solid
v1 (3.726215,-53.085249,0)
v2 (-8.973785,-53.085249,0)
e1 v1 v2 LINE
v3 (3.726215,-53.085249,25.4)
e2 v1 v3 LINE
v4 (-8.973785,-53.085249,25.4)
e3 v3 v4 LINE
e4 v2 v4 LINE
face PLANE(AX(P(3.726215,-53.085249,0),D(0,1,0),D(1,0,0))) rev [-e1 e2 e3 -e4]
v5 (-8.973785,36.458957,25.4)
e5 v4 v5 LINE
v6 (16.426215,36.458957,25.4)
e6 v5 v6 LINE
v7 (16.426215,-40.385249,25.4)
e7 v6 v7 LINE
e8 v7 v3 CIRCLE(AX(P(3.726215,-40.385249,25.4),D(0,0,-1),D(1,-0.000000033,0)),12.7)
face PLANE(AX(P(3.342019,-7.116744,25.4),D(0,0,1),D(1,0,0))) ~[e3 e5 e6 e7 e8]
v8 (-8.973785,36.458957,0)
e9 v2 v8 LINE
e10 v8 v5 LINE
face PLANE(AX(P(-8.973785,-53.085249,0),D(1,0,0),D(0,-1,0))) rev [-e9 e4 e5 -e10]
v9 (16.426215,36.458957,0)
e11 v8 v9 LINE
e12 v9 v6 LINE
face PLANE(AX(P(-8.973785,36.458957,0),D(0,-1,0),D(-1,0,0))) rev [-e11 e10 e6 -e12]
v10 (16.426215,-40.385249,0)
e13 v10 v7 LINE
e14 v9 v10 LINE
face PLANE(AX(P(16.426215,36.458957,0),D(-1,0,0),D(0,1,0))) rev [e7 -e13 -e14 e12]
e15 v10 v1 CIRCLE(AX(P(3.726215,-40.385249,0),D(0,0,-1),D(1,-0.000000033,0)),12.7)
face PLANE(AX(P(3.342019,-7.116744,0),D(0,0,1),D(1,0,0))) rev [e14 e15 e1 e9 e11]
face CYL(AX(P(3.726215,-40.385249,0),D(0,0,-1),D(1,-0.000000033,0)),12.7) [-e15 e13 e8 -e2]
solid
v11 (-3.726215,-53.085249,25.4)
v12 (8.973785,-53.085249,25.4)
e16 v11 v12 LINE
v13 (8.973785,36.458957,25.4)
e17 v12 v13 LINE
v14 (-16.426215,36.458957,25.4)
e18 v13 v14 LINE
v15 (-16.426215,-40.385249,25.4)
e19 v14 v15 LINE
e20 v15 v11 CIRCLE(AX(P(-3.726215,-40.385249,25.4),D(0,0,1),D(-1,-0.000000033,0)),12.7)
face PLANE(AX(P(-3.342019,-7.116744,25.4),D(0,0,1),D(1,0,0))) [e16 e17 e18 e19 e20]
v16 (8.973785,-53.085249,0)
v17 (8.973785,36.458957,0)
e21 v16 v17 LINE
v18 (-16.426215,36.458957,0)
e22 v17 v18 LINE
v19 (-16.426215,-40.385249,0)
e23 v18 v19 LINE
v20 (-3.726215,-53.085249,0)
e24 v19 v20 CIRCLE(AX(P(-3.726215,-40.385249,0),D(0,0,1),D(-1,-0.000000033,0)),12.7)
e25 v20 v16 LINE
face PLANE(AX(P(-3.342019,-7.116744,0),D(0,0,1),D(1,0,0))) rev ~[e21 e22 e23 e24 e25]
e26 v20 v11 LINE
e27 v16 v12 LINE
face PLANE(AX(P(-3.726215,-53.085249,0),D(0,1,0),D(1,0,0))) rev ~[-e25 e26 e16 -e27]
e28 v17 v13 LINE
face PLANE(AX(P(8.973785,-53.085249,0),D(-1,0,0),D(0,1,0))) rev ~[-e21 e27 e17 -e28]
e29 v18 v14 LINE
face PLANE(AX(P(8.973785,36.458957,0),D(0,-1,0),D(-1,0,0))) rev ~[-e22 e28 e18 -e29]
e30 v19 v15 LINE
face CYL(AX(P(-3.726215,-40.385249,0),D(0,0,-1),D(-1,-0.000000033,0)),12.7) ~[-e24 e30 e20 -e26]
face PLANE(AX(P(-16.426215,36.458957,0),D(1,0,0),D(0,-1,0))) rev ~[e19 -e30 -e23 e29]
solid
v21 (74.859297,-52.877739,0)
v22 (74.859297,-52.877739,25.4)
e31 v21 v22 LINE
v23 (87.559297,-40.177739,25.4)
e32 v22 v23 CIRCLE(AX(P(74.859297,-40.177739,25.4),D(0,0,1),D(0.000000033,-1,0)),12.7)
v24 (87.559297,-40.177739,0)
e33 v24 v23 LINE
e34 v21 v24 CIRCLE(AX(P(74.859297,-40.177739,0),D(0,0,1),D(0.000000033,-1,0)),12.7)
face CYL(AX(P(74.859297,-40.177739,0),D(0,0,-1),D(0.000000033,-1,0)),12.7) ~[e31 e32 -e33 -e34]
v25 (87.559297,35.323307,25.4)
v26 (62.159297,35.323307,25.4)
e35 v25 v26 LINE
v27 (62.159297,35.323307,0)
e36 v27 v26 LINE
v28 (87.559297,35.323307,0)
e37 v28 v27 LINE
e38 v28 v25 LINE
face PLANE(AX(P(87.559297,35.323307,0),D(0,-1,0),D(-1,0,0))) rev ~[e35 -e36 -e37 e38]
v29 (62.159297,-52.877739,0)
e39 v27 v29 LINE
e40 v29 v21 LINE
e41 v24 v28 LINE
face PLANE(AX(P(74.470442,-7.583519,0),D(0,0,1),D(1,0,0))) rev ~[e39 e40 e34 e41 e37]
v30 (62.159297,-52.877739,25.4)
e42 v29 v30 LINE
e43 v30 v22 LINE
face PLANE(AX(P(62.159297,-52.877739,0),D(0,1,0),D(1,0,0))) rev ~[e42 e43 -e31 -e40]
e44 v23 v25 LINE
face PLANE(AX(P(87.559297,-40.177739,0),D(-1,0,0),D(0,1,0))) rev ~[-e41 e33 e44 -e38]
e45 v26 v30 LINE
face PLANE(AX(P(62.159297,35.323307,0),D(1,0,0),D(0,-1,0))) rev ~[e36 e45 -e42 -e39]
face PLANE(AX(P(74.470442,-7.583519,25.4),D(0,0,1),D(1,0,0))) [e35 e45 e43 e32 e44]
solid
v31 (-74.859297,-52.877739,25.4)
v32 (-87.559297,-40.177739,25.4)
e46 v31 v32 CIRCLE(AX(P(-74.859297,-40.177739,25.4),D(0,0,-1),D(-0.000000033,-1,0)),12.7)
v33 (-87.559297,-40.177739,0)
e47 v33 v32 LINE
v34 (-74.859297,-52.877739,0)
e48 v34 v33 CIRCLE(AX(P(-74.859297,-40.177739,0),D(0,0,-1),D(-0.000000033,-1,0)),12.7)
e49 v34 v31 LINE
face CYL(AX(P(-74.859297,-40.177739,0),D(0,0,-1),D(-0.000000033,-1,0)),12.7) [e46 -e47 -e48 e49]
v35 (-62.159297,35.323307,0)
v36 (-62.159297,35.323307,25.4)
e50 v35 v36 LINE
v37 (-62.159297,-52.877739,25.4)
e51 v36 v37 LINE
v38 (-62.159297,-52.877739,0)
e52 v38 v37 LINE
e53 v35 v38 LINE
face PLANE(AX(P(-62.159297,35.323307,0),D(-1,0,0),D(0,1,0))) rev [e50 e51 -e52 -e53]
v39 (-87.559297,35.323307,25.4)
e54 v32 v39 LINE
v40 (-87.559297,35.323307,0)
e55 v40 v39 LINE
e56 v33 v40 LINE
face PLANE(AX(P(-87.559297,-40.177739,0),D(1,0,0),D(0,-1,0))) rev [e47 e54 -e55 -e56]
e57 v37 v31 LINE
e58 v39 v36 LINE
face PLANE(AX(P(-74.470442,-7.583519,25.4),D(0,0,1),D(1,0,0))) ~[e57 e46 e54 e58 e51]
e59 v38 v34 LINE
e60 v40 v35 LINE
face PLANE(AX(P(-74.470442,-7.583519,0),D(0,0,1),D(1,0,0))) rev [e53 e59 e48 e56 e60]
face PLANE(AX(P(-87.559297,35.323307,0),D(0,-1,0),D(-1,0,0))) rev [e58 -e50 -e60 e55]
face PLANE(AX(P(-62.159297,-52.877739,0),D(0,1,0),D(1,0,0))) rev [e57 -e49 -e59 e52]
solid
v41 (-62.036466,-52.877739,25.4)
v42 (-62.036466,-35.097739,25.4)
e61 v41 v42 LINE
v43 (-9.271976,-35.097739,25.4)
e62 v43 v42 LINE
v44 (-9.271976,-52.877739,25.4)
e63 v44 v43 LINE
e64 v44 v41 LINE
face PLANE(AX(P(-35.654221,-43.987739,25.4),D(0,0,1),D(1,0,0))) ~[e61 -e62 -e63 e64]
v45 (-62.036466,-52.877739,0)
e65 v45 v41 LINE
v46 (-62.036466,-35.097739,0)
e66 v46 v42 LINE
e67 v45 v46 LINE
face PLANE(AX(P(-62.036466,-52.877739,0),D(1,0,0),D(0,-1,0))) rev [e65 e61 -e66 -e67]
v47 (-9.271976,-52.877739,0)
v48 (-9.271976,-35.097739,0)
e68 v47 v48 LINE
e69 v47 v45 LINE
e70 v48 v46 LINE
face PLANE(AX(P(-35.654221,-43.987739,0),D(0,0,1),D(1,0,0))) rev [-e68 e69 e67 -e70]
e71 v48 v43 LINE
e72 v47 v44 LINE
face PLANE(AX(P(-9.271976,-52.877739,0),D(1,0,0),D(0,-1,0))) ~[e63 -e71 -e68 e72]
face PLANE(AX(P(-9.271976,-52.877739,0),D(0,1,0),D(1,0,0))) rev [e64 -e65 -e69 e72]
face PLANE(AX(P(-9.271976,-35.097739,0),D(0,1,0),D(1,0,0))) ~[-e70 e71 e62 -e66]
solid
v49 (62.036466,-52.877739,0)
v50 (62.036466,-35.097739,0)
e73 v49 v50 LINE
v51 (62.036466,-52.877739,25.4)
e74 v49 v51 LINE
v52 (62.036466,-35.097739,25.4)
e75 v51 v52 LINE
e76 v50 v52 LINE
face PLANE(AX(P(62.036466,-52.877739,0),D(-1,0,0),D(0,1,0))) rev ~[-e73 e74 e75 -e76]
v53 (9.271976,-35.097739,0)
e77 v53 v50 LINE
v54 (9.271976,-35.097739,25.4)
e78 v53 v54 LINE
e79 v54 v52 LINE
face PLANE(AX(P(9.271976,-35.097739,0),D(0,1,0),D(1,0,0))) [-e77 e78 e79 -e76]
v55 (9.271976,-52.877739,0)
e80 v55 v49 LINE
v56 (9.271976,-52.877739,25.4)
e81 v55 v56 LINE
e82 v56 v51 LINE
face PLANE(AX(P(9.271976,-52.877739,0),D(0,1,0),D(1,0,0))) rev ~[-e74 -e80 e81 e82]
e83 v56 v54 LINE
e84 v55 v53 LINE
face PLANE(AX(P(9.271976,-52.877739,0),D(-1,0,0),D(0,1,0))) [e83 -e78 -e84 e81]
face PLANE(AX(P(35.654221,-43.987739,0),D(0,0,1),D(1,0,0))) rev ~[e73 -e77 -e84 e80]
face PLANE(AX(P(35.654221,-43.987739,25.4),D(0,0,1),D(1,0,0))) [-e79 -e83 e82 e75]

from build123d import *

# Parameters (mm, degrees)
F0_W     = 52.76449
F0_H     = 17.78
F1_DEPTH = 25.4


with BuildPart() as f1:
    # F0 (on Top) → F1 (new body)
    with BuildSketch(Plane.XY):
        with BuildLine():
            Line((8.973785, 36.458957), (-16.426215, 36.458957))
            Line((-16.426215, 36.458957), (-16.426215, -40.385249))
            ThreePointArc((-16.426215, -40.385249), (-12.706471, -49.365505), (-3.726215, -53.085249))
            Line((-3.726215, -53.085249), (8.973785, -53.085249))
            Line((8.973785, -53.085249), (8.973785, 36.458957))
        make_face()
        with Locations((35.654221, -43.987739)):
            Rectangle(F0_W, F0_H)
        with BuildLine():
            Line((62.159297, 35.323307), (62.159297, -52.877739))
            Line((62.159297, -52.877739), (74.859297, -52.877739))
            ThreePointArc((74.859297, -52.877739), (83.839553, -49.157995), (87.559297, -40.177739))
            Line((87.559297, -40.177739), (87.559297, 35.323307))
            Line((87.559297, 35.323307), (62.159297, 35.323307))
        make_face()
    extrude(amount=F1_DEPTH)


with BuildPart() as f2_1:
    # F2: instance of F1
    add(f1.part.mirror(Plane.YZ))


solid = Compound([f1.part, f2_1.part])
